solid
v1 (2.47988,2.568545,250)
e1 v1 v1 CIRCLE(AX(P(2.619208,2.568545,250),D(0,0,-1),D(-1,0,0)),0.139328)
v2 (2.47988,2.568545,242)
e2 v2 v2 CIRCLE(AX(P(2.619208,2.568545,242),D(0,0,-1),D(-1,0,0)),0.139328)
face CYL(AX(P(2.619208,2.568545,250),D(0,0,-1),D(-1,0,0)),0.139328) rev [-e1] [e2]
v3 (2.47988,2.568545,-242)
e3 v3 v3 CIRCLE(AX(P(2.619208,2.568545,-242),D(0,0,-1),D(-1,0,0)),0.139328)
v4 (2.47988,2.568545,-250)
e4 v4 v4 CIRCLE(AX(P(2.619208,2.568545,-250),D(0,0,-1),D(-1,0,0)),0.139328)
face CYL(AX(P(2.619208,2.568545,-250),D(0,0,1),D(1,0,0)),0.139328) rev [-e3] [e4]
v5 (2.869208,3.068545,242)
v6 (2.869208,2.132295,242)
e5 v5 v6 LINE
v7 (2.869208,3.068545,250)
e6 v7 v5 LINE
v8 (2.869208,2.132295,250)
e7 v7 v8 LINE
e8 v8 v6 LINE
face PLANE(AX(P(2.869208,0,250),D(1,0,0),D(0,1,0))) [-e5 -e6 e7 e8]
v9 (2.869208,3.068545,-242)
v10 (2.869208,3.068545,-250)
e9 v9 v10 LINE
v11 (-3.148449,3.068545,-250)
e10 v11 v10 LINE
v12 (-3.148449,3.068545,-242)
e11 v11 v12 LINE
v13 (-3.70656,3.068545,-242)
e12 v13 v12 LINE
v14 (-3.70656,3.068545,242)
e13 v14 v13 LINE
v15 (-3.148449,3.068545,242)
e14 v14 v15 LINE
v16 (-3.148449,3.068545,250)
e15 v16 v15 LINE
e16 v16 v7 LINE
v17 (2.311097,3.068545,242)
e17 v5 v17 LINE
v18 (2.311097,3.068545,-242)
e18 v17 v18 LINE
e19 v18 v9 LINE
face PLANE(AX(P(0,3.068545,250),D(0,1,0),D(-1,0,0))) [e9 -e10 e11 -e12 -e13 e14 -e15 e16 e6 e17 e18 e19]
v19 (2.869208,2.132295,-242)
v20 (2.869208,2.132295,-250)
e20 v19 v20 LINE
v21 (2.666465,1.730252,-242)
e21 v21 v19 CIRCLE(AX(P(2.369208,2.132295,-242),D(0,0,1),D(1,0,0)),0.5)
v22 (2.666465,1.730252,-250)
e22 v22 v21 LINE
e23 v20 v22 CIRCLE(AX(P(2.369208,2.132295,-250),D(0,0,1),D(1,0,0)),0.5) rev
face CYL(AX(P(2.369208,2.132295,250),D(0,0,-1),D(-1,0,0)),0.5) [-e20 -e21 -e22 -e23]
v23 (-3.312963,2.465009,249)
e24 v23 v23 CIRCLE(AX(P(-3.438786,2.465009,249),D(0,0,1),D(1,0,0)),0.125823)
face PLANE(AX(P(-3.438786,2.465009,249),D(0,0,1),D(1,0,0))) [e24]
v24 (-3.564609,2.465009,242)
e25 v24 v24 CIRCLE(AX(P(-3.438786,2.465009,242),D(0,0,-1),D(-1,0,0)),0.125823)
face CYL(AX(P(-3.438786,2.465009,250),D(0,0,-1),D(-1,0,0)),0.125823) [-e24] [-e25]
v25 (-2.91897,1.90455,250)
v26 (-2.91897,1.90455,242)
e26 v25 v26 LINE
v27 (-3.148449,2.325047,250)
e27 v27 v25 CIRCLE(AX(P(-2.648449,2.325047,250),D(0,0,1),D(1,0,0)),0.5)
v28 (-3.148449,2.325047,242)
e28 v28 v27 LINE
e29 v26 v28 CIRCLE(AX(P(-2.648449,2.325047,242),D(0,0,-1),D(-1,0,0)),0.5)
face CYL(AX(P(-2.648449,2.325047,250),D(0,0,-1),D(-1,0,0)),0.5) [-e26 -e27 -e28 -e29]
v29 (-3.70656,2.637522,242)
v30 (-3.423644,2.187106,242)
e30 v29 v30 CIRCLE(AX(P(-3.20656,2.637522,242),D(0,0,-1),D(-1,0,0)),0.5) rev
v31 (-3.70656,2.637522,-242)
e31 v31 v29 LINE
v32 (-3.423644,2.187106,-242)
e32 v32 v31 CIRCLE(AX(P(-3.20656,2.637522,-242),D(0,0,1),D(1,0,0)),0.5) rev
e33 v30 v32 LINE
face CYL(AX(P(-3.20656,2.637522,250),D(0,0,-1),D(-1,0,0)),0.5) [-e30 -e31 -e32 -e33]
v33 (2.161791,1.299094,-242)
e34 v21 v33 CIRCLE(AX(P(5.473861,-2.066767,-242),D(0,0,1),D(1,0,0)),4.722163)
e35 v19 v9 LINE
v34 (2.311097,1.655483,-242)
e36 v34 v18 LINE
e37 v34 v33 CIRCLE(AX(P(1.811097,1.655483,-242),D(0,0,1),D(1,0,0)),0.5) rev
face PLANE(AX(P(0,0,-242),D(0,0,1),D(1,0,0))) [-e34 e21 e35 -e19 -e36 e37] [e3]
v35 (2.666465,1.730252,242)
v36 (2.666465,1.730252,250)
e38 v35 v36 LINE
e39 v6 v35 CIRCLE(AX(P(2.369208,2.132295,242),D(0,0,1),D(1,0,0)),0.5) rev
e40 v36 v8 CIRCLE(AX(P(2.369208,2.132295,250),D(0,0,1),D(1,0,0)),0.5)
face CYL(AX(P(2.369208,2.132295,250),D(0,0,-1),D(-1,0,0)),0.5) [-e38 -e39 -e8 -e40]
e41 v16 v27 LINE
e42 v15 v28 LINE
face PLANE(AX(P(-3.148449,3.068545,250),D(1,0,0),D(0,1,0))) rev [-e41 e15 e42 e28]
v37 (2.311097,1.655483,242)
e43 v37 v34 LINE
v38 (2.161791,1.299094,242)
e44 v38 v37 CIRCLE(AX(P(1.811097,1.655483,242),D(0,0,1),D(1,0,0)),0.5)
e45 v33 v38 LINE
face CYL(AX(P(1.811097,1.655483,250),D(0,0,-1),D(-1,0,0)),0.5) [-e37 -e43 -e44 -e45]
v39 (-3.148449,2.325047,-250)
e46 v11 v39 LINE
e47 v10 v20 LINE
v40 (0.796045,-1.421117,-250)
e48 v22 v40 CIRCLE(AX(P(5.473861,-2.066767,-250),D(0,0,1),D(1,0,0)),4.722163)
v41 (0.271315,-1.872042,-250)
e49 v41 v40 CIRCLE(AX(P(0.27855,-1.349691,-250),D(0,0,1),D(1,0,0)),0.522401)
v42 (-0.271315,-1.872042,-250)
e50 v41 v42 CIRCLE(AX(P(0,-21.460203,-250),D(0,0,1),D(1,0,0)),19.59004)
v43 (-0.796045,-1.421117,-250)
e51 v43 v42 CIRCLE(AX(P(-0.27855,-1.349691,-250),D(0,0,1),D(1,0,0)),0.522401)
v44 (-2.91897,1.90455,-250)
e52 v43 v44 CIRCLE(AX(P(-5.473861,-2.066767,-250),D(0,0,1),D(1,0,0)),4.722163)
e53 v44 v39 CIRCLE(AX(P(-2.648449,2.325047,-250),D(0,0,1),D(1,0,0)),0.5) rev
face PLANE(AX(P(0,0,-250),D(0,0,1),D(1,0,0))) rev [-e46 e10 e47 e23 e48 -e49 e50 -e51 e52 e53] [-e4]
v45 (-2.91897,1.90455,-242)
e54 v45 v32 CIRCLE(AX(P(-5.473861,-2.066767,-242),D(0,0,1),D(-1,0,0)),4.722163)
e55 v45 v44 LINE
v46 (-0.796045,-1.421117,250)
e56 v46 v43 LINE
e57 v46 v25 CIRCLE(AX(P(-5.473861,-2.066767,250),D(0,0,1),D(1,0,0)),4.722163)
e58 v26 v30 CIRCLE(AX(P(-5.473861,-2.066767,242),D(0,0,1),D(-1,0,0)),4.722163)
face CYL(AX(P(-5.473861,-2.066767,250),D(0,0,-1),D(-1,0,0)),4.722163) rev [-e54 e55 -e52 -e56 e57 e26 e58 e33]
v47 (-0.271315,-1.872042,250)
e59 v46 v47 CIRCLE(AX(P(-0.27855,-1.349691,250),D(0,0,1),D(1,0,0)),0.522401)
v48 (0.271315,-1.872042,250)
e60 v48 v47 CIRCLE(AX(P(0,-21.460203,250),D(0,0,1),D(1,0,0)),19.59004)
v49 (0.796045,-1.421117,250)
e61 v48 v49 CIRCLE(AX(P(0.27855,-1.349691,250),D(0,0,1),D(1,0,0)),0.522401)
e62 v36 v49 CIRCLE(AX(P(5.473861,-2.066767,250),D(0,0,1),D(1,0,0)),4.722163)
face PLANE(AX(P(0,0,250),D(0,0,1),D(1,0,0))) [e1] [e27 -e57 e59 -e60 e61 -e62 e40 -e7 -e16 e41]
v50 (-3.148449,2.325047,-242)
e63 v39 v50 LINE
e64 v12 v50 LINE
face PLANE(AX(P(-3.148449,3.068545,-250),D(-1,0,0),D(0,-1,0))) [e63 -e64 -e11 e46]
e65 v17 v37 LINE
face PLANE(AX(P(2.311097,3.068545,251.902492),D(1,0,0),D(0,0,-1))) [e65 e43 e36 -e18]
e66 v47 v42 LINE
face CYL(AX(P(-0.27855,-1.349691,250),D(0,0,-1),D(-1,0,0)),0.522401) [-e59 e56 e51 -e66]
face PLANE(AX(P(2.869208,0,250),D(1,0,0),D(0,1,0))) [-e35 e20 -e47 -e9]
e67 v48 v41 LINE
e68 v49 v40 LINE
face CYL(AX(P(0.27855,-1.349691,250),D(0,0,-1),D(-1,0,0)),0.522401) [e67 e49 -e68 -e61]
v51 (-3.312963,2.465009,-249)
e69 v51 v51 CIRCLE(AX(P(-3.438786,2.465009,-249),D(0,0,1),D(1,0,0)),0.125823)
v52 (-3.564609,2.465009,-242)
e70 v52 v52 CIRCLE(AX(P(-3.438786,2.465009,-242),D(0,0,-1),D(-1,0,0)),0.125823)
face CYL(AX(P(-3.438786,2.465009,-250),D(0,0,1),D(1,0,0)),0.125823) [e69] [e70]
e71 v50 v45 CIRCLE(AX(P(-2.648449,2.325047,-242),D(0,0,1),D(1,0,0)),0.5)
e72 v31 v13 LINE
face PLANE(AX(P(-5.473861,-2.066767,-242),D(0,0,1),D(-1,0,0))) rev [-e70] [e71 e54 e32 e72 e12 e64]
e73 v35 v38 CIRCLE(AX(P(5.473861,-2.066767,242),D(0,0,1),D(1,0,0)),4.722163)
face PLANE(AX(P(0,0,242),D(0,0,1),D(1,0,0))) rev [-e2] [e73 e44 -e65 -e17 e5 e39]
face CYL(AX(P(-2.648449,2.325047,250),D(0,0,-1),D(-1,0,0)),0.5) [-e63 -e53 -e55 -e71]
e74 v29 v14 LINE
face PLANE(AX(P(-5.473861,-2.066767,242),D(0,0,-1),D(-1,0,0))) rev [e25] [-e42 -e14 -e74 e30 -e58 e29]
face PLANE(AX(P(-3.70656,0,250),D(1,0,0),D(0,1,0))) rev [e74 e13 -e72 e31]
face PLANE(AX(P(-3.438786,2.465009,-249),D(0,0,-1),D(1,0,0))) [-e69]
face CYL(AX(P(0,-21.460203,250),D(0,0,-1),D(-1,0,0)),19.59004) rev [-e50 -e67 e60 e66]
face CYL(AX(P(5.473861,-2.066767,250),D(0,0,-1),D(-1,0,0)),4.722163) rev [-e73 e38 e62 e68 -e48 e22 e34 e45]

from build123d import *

# Parameters (mm, degrees)
BOSS_EXTRUDE1_DEPTH     = 250
CUT_EXTRUDE6_DEPTH      = 242
CUT_EXTRUDE6_DEPTH_BACK = 242
SKETCH9_W               = 0.558111167
SKETCH9_H               = 1.818787441
CUT_EXTRUDE7_START      = -8
SKETCH11_R              = 0.139327756
SKETCH11_R_2            = 0.125822814
CUT_EXTRUDE7_DEPTH      = 8
SKETCH13_R              = 0.125822814
CUT_EXTRUDE12_DEPTH     = 1
FILLET3_R               = 0.5


with BuildPart() as part:
    # Sketch1 → Boss-Extrude1 (new, symmetric)
    with BuildSketch(Plane.XY):
        with BuildLine():
            Line((2.869208069, 3.068545431), (-3.706559837, 3.068545431))
            Line((-3.706559837, 3.068545431), (-3.706559837, 2.312213583))
            ThreePointArc((-3.706559837, 2.312213583), (-1.749706829, 0.836593392), (-0.796044874, -1.421117289))
            ThreePointArc((-0.796044874, -1.421117289), (-0.61902671, -1.745895622), (-0.271314784, -1.872041617))
            ThreePointArc((-0.271314784, -1.872041617), (0, -1.870162722), (0.271314784, -1.872041617))
            ThreePointArc((0.271314784, -1.872041617), (0.61902671, -1.745895622), (0.796044874, -1.421117289))
            ThreePointArc((0.796044874, -1.421117289), (1.477625841, 0.448969612), (2.869208069, 1.872091721))
            Line((2.869208069, 1.872091721), (2.869208069, 3.068545431))
        make_face()
    extrude(amount=BOSS_EXTRUDE1_DEPTH, both=True)

    # Sketch9 → Cut-Extrude6 (cut, two sides: drawn at the far end of the back side and taken through both)
    with BuildSketch(Plane.XY.offset(-CUT_EXTRUDE6_DEPTH_BACK)):
        with Locations((2.590152485, 2.15915171)):
            Rectangle(SKETCH9_W, SKETCH9_H)
    extrude(amount=CUT_EXTRUDE6_DEPTH + CUT_EXTRUDE6_DEPTH_BACK, mode=Mode.SUBTRACT)

    # Sketch11 → Cut-Extrude7 (cut)
    # profile 1 of 2: a face of its own
    with BuildSketch(Plane(origin=(0, 0, 242), x_dir=(-1, 0, 0), z_dir=(0, 0, -1)).offset(CUT_EXTRUDE7_START)):
        with Locations((-2.619208069, 2.568545431)):
            Circle(SKETCH11_R)
    # profile 2 of 2: a face of its own
    with BuildSketch(Plane(origin=(0, 0, 242), x_dir=(-1, 0, 0), z_dir=(0, 0, -1)).offset(CUT_EXTRUDE7_START)):
        with BuildLine():
            Line((3.706559837, 3.068545431), (3.706559837, 2.312213583))
            ThreePointArc((3.706559837, 2.312213583), (3.423086279, 2.186837068), (3.14844867, 2.043133511))
            Line((3.14844867, 2.043133511), (3.14844867, 3.068545431))
            Line((3.14844867, 3.068545431), (3.706559837, 3.068545431))
        make_face()
        with Locations((3.438785788, 2.465008687)):
            Circle(SKETCH11_R_2, mode=Mode.SUBTRACT)
    cut_extrude7 = extrude(amount=CUT_EXTRUDE7_DEPTH, mode=Mode.SUBTRACT)

    # Sketch13 → Cut-Extrude12 (cut)
    with BuildSketch(Plane.XY.offset(250)):
        with Locations(Location((-3.438785788, 2.465008687, 0), (0, 0, 180))):
            Circle(SKETCH13_R)
    cut_extrude12 = extrude(amount=-CUT_EXTRUDE12_DEPTH, mode=Mode.SUBTRACT)

    # Mirror1: Cut-Extrude7, Cut-Extrude12 across plane
    add(cut_extrude7.mirror(Plane.XY), mode=Mode.SUBTRACT)
    add(cut_extrude12.mirror(Plane.XY), mode=Mode.SUBTRACT)

    # Fillet3
    fillet3_edges = [part.edges().sort_by_distance(p)[0] for p in [
        (-3.14844867, 2.043133511, -246),
        (2.869208069, 1.872091721, 246),
        (2.869208069, 1.872091721, -246),
        (2.311096902, 1.439762425, 0),
        (-3.706559837, 2.312213583, 0),
        (-3.14844867, 2.043133511, 246),
    ]]
    fillet(fillet3_edges, radius=FILLET3_R)


solid = part.part
